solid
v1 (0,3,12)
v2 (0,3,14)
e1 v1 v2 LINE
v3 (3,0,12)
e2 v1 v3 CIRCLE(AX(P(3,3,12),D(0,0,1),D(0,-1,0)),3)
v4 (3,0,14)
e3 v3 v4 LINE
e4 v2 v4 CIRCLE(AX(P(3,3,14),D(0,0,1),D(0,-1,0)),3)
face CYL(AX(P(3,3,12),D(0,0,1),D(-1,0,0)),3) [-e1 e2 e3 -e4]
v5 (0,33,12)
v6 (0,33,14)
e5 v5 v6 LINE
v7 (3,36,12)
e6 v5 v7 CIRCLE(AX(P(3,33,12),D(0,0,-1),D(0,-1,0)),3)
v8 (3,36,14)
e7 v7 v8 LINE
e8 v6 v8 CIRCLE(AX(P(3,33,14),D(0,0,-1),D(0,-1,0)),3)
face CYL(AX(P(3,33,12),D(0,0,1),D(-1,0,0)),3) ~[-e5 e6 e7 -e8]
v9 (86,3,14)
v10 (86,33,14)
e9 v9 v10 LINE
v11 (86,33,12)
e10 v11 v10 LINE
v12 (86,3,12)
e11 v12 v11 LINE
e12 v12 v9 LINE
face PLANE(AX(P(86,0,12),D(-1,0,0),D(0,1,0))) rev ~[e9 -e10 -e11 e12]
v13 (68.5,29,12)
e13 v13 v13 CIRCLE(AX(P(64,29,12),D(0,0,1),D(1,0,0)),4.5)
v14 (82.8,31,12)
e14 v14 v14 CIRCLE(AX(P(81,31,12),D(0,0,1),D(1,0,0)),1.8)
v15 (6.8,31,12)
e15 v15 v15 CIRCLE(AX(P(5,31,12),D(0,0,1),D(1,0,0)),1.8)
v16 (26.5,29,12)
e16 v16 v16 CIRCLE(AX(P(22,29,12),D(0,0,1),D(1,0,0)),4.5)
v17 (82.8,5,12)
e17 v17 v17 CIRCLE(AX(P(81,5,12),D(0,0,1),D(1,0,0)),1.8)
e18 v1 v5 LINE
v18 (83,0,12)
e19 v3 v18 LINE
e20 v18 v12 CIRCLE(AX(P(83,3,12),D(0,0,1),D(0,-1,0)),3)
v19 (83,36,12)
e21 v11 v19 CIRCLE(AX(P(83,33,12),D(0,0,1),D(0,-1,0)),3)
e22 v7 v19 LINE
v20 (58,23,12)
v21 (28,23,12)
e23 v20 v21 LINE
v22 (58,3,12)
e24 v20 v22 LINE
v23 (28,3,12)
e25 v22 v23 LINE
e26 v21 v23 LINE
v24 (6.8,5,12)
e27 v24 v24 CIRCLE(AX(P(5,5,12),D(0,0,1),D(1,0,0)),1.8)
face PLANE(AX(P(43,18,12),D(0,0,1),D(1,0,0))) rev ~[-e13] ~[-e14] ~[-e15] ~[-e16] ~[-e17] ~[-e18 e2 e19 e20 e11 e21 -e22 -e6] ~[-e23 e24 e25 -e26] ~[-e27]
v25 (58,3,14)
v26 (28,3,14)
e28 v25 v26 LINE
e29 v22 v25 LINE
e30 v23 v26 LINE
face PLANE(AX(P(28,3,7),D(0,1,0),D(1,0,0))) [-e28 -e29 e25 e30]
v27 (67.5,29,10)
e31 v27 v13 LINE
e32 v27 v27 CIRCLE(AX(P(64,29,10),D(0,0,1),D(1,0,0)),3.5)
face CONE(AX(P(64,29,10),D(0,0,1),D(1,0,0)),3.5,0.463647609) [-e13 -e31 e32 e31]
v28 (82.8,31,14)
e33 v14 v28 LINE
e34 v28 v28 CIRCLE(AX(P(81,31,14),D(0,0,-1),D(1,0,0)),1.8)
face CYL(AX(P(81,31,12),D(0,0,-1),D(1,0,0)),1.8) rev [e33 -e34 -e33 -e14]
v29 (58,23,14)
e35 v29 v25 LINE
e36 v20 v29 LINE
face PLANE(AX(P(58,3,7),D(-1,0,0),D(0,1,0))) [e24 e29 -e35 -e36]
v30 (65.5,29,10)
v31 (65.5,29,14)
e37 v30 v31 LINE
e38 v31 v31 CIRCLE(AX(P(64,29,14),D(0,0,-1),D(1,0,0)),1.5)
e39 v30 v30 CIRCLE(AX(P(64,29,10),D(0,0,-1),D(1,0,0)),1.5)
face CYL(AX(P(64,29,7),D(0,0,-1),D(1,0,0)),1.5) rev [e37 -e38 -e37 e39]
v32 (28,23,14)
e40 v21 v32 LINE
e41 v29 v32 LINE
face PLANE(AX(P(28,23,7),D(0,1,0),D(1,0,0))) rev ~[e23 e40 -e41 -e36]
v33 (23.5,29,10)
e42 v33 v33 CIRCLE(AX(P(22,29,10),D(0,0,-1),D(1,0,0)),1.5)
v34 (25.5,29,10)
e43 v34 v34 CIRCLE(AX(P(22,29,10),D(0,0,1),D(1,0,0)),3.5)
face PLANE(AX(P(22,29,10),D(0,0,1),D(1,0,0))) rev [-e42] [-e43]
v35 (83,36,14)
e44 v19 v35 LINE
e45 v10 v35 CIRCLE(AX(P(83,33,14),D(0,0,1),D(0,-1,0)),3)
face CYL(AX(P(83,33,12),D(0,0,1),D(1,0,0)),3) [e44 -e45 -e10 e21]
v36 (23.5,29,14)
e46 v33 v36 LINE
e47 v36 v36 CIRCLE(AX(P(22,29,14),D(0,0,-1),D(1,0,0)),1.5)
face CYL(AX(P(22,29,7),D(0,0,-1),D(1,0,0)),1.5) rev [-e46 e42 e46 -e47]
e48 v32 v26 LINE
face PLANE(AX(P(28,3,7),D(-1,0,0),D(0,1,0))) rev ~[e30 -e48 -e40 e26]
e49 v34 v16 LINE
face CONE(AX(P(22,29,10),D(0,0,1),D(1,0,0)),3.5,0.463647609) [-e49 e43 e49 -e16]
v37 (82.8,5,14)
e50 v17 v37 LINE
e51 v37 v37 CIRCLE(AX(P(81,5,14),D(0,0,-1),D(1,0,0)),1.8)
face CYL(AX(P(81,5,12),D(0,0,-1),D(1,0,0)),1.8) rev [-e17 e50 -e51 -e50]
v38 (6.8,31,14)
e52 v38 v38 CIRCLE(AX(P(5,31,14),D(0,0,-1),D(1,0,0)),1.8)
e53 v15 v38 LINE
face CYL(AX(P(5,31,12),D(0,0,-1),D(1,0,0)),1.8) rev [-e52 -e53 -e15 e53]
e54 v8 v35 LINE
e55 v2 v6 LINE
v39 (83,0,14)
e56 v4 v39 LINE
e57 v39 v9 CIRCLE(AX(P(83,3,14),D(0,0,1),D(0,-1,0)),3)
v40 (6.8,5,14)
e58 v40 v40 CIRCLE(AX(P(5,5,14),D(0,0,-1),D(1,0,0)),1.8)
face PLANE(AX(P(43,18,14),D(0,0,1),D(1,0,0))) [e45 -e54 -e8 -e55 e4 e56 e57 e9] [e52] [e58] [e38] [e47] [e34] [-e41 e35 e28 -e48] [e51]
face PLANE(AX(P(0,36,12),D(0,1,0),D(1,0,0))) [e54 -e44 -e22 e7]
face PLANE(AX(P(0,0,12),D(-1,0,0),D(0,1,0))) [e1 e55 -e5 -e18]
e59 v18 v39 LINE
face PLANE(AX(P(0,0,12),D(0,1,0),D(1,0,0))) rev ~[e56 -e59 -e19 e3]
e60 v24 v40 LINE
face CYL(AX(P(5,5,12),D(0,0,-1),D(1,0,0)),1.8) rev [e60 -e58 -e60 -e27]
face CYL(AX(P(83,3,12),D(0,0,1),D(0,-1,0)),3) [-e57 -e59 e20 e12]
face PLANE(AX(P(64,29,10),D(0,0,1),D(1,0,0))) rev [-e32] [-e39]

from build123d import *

# Parameters (mm, degrees)
CYLINDER052_R       = 1.5
CYLINDER052_DEPTH   = 20
ARRAY001023_X_COUNT = 2
ARRAY001023_X_PITCH = 42
CYLINDER056_R       = 1.8
CYLINDER056_DEPTH   = 12
ARRAY001028_X_COUNT = 2
ARRAY001028_X_PITCH = 76
ARRAY001028_Y_COUNT = 2
ARRAY001028_Y_PITCH = 26
BOX024_W            = 30
BOX024_H            = 20
BOX024_DEPTH        = 10
BOX023_W            = 86
BOX023_H            = 36
BOX023_DEPTH        = 2
FILLET012_R         = 3
ARRAY001027_X_COUNT = 2
ARRAY001027_X_PITCH = 42


with BuildPart() as microslider_bolt_hole_array001:
    # Cylinder052 → Cylinder052 (new body)
    with BuildSketch(Plane(origin=(22, 29, -5), x_dir=(1, 0, 0), z_dir=(0, 0, 1))):
        Circle(CYLINDER052_R)
    extrude(amount=CYLINDER052_DEPTH)

    # Array001023 X: microslider bolt hole array001 ×2


with BuildPart() as microslider_bolt_hole_array001_1:
    add(microslider_bolt_hole_array001.part)
    with Locations(*[(i * ARRAY001023_X_PITCH, 0, 0) for i in range(1, ARRAY001023_X_COUNT)]):
        add(microslider_bolt_hole_array001.part)


with BuildPart() as msub_bolt_hole_array001:
    # Cylinder056 → Cylinder056 (new body)
    with BuildSketch(Plane(origin=(5, 5, 0), x_dir=(1, 0, 0), z_dir=(0, 0, 1))):
        Circle(CYLINDER056_R)
    extrude(amount=CYLINDER056_DEPTH)

    # Array001028 X: msub bolt hole array001 ×2


with BuildPart() as msub_bolt_hole_array001_1:
    add(msub_bolt_hole_array001.part)
    with Locations(*[(i * ARRAY001028_X_PITCH, 0, 0) for i in range(1, ARRAY001028_X_COUNT)]):
        add(msub_bolt_hole_array001.part)

    # Array001028 Y: msub bolt hole array001 ×2


with BuildPart() as msub_bolt_hole_array001_2:
    add(msub_bolt_hole_array001_1.part)
    with Locations(*[(0, i * ARRAY001028_Y_PITCH, 0) for i in range(1, ARRAY001028_Y_COUNT)]):
        add(msub_bolt_hole_array001_1.part)


with BuildPart() as msub_top_hole_fusion:
    # Box024 → Box024 (new body)
    with BuildSketch(Plane(origin=(28, 3, -5), x_dir=(1, 0, 0), z_dir=(0, 0, 1))):
        with Locations((15, 10)):
            Rectangle(BOX024_W, BOX024_H)
    extrude(amount=BOX024_DEPTH)

    # Fusion034: union microslider bolt hole array001, msub bolt hole array001
    add(microslider_bolt_hole_array001_1.part)
    add(msub_bolt_hole_array001_2.part)


with BuildPart() as msub_top_fillet:
    # Box023 → Box023 (new body)
    with BuildSketch(Plane.XY):
        with Locations((43, 18)):
            Rectangle(BOX023_W, BOX023_H)
    extrude(amount=BOX023_DEPTH)

    # Fillet012
    fillet012_edges = [msub_top_fillet.edges().sort_by_distance(p)[0] for p in [
        (0, 0, 1),
        (0, 36, 1),
        (86, 0, 1),
        (86, 36, 1),
    ]]
    fillet(fillet012_edges, radius=FILLET012_R)


with BuildPart() as msub_top_cut:
    # Cone003 → Cone003 (revolve)
    with BuildSketch(Plane(origin=(22, 29, -2), x_dir=(1, 0, 0), z_dir=(0, -1, 0))):
        Polygon((0, 0), (3.5, 0), (5, 3), (0, 3), align=None)
    revolve(axis=Axis((22, 29, -2), (0, 0, 1)))

    # Array001027 X: msub top cut ×2


with BuildPart() as msub_top_cut_1:
    add(msub_top_cut.part)
    with Locations(*[(i * ARRAY001027_X_PITCH, 0, 0) for i in range(1, ARRAY001027_X_COUNT)]):
        add(msub_top_cut.part)

    # Fusion038: union msub top fillet
    add(msub_top_fillet.part)

    # Cut021: cut msub top hole fusion
    add(msub_top_hole_fusion.part, mode=Mode.SUBTRACT)


with BuildPart() as msub_top_cut_2:
    # Cut021 placement: moved
    add(msub_top_cut_1.part.moved(Location((0, 0, 12))))


solid = msub_top_cut_2.part
